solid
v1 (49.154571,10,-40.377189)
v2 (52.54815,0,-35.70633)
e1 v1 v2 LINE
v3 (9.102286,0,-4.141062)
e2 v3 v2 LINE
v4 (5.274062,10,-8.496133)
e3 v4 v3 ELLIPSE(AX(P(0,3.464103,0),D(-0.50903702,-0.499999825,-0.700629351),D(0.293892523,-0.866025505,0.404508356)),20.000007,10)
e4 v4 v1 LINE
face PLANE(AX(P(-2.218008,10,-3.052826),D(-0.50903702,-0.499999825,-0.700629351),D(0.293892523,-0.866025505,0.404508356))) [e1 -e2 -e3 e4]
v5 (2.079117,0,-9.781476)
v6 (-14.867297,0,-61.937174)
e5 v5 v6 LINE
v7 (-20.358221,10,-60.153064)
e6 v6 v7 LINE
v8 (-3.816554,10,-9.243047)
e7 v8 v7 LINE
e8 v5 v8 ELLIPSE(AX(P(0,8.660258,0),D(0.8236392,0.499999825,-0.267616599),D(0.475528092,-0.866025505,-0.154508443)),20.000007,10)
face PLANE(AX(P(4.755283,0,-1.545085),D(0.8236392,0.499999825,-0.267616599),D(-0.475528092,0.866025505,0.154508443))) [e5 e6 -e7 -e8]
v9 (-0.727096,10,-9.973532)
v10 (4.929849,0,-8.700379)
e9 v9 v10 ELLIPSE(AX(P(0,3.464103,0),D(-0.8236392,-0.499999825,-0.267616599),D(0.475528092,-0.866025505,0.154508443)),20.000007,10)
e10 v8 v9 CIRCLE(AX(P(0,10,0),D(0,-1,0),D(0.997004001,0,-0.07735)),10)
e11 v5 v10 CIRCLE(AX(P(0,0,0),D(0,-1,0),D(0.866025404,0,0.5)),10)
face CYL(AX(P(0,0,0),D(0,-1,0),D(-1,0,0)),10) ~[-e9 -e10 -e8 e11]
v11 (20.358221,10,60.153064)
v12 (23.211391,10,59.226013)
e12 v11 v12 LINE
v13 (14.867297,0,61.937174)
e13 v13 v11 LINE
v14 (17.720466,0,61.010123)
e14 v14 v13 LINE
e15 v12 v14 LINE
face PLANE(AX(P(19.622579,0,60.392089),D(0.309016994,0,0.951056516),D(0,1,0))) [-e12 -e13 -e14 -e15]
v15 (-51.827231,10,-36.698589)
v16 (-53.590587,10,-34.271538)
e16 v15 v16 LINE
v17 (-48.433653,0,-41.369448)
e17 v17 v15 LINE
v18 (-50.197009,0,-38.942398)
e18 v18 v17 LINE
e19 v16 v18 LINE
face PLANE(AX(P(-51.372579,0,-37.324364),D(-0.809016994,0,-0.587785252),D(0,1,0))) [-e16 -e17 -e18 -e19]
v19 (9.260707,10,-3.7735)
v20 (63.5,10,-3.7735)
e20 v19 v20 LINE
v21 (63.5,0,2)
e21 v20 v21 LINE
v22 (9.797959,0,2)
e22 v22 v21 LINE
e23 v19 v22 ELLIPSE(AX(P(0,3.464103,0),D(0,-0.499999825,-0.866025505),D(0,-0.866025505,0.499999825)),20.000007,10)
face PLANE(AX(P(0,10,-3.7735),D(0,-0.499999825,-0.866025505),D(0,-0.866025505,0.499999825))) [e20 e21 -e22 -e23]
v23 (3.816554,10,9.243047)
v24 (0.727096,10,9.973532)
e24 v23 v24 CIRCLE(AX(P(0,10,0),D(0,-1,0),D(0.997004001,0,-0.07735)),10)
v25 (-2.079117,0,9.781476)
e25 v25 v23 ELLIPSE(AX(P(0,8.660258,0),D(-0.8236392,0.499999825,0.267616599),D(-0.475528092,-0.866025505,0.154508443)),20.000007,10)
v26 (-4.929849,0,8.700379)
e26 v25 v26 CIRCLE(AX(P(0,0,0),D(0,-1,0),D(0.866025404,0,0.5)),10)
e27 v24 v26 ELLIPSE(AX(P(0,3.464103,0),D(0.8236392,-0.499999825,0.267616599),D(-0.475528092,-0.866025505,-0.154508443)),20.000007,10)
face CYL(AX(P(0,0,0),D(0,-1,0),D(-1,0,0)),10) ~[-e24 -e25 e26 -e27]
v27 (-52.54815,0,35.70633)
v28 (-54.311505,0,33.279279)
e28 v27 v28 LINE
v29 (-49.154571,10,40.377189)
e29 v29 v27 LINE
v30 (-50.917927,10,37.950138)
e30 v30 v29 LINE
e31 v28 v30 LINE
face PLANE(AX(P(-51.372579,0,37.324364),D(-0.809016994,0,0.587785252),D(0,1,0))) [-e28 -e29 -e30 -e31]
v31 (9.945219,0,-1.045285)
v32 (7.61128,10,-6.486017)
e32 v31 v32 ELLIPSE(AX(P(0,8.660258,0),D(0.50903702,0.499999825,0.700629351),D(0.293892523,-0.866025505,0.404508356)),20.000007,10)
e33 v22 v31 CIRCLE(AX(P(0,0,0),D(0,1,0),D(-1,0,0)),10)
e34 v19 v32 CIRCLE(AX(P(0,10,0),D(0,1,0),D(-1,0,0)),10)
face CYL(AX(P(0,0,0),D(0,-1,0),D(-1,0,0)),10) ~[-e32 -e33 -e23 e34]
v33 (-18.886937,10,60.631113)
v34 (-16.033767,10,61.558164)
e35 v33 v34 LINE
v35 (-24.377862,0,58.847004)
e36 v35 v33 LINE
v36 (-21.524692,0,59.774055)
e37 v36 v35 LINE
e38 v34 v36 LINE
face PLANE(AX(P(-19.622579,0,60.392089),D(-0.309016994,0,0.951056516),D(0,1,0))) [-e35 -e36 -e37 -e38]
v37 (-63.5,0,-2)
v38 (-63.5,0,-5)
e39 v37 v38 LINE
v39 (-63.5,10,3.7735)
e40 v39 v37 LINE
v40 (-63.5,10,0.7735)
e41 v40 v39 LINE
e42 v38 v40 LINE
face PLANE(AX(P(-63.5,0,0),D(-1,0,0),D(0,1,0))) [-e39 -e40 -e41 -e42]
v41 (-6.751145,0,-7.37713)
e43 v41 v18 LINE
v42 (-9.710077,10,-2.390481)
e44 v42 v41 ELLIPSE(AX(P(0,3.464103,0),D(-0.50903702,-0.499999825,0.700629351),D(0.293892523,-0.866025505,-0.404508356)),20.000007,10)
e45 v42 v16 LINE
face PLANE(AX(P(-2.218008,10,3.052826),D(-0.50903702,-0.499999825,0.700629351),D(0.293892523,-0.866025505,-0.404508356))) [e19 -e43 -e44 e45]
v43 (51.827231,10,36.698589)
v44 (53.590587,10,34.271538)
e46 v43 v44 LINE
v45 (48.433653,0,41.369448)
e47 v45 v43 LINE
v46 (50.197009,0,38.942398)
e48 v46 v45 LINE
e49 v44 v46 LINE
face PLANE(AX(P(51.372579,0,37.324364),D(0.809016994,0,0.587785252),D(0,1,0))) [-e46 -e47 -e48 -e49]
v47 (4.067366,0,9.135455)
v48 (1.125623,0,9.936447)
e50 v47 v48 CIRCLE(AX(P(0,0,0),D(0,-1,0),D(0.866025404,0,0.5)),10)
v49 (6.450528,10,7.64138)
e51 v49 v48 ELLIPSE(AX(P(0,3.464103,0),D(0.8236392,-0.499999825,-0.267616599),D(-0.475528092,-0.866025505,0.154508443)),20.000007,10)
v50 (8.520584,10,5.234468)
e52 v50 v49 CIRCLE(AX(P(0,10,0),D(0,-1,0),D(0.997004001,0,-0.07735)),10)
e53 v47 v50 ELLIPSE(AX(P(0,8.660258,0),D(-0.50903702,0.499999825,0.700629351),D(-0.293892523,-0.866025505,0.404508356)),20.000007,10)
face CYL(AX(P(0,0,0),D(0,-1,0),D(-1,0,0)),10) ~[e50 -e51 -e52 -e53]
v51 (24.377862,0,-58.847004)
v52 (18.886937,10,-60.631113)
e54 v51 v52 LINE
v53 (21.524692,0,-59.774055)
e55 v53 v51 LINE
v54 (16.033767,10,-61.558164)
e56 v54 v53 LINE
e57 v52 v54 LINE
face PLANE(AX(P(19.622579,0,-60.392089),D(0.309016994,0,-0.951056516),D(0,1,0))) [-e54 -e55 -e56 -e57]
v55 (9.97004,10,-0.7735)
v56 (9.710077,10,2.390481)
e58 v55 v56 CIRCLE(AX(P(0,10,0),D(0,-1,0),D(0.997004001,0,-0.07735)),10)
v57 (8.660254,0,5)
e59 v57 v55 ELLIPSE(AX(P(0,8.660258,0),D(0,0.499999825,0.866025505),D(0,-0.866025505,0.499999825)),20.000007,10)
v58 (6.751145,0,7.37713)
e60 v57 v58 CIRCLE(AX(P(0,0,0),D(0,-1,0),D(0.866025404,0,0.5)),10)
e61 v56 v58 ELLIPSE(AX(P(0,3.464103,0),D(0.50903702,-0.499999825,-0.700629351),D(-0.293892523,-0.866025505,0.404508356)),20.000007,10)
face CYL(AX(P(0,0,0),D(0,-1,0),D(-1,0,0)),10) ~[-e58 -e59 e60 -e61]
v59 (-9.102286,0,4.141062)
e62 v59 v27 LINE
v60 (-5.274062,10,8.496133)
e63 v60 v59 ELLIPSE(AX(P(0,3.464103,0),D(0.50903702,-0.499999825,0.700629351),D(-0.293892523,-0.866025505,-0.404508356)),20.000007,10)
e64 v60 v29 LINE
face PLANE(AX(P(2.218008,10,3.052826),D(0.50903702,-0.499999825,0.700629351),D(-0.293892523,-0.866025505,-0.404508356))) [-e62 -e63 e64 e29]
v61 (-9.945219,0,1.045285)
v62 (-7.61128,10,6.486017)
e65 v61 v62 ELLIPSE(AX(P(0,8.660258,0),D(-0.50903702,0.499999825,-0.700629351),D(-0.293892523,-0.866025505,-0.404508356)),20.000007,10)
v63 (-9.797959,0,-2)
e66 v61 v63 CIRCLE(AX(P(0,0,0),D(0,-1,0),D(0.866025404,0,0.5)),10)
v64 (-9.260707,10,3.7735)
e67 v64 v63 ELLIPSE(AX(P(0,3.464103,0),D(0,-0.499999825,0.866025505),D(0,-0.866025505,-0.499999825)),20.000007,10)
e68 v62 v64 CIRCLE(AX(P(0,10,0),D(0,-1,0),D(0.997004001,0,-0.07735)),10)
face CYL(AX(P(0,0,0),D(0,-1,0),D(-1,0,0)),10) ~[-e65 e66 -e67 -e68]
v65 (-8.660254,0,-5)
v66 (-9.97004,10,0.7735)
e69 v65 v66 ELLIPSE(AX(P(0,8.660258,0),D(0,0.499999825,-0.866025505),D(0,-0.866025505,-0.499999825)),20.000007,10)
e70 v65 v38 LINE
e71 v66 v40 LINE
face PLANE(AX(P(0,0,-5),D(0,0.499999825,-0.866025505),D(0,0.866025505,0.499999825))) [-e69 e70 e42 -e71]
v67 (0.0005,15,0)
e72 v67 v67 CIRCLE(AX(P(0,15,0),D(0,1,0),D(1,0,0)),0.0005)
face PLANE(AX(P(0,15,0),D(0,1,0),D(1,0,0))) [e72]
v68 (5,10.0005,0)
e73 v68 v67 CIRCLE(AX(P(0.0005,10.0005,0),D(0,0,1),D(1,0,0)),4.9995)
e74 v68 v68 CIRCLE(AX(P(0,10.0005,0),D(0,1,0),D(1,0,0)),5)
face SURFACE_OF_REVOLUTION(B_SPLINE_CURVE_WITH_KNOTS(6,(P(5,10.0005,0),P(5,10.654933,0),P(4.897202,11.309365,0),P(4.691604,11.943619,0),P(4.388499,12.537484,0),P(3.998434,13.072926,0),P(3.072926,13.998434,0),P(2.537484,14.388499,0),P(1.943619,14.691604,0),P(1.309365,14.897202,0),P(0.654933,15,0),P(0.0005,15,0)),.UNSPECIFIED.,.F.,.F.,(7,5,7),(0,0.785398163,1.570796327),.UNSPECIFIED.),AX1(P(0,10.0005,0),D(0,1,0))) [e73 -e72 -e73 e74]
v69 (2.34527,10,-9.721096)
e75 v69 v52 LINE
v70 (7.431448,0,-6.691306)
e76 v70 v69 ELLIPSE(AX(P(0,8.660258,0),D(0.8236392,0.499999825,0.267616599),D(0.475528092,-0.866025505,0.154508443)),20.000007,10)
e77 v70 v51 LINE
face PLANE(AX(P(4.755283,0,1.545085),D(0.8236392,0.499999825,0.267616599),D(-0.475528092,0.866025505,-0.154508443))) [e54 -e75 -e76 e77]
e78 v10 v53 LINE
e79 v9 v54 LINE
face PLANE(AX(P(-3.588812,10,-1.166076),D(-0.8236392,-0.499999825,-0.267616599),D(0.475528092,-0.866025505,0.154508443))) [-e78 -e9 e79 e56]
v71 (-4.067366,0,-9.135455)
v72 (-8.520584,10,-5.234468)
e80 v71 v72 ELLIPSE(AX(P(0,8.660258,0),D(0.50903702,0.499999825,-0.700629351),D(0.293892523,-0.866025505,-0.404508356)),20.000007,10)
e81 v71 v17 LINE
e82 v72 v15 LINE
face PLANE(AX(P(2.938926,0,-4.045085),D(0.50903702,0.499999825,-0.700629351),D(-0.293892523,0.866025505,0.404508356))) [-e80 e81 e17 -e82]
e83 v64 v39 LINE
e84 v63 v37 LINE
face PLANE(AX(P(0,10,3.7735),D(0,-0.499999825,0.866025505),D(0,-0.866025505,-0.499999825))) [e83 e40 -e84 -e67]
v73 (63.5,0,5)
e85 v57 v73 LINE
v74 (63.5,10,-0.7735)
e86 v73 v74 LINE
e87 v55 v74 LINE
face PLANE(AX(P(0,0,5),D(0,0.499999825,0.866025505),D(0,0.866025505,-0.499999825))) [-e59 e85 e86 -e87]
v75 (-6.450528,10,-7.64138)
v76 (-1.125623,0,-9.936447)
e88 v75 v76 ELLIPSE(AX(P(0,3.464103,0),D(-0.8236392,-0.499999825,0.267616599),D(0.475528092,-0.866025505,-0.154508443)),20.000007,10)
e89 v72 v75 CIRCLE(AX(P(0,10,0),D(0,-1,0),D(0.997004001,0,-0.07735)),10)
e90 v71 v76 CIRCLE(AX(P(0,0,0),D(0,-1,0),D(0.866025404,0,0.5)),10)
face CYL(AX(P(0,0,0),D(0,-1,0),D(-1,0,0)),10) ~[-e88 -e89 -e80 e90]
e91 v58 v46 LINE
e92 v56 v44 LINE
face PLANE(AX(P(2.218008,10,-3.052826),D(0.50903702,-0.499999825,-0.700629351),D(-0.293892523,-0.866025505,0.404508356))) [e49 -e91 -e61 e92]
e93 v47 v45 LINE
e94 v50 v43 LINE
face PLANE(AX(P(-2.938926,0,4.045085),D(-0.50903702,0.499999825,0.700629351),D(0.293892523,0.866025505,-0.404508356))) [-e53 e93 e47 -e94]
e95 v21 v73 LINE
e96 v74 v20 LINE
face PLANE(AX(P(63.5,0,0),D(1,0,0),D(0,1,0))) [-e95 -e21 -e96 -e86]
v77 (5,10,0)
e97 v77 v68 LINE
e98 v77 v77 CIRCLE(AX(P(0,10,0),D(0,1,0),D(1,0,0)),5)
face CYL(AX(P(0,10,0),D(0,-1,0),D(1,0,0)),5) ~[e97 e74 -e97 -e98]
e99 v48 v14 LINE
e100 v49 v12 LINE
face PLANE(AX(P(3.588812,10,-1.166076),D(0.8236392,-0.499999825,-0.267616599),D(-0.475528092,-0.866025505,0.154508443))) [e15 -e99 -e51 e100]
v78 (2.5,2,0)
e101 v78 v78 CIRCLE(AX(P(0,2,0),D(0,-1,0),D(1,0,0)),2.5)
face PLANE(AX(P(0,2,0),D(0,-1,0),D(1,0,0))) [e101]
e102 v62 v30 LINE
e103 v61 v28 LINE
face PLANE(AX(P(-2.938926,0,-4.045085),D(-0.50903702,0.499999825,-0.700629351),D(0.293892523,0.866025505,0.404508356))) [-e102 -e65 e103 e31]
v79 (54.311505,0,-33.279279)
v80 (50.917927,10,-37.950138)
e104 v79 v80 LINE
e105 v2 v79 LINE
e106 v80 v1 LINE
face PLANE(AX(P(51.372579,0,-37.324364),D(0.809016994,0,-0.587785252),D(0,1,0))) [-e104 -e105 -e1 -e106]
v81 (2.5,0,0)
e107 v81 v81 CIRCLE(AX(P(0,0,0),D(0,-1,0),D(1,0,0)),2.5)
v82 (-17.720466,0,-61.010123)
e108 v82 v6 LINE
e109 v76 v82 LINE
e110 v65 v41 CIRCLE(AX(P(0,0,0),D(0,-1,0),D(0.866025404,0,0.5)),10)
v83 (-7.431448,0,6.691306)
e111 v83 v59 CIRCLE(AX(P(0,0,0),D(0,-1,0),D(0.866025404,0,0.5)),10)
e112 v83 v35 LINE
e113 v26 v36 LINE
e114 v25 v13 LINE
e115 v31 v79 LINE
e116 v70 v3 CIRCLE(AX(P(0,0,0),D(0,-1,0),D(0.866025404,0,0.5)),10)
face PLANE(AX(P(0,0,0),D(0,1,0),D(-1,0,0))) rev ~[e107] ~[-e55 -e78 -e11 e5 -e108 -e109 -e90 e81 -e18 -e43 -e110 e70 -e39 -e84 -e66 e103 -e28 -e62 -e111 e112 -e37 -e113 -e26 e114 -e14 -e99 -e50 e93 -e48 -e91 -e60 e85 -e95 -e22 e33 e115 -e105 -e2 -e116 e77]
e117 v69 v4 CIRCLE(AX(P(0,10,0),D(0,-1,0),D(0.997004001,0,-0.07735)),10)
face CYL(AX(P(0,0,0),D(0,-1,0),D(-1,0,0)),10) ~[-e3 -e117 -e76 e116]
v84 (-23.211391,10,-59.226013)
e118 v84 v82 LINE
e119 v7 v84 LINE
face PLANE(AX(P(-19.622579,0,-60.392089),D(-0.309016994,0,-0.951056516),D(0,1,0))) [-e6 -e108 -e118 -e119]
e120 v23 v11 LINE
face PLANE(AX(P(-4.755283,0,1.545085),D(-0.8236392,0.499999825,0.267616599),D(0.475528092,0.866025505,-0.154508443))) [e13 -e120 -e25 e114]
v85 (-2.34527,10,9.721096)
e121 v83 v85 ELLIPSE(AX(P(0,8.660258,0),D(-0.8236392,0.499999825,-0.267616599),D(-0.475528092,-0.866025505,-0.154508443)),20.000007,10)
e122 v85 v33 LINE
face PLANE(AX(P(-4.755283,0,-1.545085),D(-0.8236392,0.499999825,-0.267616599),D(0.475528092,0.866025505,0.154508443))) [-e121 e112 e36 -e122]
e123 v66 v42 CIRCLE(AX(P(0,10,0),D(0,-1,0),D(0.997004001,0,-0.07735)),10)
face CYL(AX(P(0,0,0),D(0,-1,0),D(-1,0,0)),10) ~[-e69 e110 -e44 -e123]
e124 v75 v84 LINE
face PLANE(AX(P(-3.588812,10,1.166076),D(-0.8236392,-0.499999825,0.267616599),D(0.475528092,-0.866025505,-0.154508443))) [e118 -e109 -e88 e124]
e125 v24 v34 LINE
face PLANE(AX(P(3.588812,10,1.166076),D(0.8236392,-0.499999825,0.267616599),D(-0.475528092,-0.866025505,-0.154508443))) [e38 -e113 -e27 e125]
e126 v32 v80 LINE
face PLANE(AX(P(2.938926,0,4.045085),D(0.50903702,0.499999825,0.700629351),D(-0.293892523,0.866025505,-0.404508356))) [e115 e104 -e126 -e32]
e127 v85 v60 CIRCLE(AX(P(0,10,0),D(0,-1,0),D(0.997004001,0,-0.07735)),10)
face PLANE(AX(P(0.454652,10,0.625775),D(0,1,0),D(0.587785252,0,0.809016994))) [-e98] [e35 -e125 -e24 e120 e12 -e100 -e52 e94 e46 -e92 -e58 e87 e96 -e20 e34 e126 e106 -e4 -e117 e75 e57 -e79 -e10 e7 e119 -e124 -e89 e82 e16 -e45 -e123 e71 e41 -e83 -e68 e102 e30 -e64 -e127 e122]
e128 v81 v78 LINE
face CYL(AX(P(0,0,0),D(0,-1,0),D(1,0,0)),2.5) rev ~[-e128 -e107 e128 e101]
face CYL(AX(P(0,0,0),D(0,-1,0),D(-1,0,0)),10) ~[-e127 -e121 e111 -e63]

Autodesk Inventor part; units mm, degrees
ref_plane "YZ Plane" through (0, 0, 0) normal (1, 0, 0) x (0, 1, 0)
ref_plane "XZ Plane" through (0, 0, 0) normal (0, 1, 0) x (-1, 0, 0)
ref_plane "XY Plane" through (0, 0, 0) normal (0, 0, 1) x (1, 0, 0)
sketch "Sketch1" plane through (0, 0, 0) normal (0, 1, 0) x (-1, 0, 0)
  circle A0 centre (0, 0) radius 10
  dimension "d0" = 20
extrude "Extrusion1" add sketch "Sketch1" along normal blind 10
sketch "Sketch3" plane through (0, 0, 0) normal (1, 0, 0) x (0, 1, 0)
  line L0 (0, 5) -> (10, -0.7735)
  line L1 (10, -0.7735) -> (10, -3.7735)
  line L2 (10, -3.7735) -> (0, 2)
  line L3 (0, 2) -> (0, 5)
  point P0 (0, 0)
  dimension "d3" = 3
  dimension "d4" = 10
  dimension "d5" = 10
  dimension "d6" = 60
  dimension "d7" = 5
extrude "Extrusion2" add sketch "Sketch3" along normal blind 63.5
pattern_circular "Circular Pattern1" count 10 over 360 about axis through (0, 0, 0) along (0, 1, 0) of "Extrusion2"
sketch "Sketch4" plane through (0, 10, 0) normal (0, 1, 0) x (1, 0, 0)
  circle A0 centre (0, 0) radius 5
  dimension "d13" = 10
extrude "Extrusion3" add sketch "Sketch4" along normal blind 5
fillet "Fillet1" radius 5 1 edges at (-5, 15, 0)
sketch "Sketch5" plane through (0, 0, 0) normal (0, -1, 0) x (1, 0, 0)
  circle A0 centre (0, 0) radius 2.5
  dimension "d17" = 5
extrude "Extrusion4" cut sketch "Sketch5" against normal blind 2
properties part number "AERO - Propeller" material "ABS Plastic"
